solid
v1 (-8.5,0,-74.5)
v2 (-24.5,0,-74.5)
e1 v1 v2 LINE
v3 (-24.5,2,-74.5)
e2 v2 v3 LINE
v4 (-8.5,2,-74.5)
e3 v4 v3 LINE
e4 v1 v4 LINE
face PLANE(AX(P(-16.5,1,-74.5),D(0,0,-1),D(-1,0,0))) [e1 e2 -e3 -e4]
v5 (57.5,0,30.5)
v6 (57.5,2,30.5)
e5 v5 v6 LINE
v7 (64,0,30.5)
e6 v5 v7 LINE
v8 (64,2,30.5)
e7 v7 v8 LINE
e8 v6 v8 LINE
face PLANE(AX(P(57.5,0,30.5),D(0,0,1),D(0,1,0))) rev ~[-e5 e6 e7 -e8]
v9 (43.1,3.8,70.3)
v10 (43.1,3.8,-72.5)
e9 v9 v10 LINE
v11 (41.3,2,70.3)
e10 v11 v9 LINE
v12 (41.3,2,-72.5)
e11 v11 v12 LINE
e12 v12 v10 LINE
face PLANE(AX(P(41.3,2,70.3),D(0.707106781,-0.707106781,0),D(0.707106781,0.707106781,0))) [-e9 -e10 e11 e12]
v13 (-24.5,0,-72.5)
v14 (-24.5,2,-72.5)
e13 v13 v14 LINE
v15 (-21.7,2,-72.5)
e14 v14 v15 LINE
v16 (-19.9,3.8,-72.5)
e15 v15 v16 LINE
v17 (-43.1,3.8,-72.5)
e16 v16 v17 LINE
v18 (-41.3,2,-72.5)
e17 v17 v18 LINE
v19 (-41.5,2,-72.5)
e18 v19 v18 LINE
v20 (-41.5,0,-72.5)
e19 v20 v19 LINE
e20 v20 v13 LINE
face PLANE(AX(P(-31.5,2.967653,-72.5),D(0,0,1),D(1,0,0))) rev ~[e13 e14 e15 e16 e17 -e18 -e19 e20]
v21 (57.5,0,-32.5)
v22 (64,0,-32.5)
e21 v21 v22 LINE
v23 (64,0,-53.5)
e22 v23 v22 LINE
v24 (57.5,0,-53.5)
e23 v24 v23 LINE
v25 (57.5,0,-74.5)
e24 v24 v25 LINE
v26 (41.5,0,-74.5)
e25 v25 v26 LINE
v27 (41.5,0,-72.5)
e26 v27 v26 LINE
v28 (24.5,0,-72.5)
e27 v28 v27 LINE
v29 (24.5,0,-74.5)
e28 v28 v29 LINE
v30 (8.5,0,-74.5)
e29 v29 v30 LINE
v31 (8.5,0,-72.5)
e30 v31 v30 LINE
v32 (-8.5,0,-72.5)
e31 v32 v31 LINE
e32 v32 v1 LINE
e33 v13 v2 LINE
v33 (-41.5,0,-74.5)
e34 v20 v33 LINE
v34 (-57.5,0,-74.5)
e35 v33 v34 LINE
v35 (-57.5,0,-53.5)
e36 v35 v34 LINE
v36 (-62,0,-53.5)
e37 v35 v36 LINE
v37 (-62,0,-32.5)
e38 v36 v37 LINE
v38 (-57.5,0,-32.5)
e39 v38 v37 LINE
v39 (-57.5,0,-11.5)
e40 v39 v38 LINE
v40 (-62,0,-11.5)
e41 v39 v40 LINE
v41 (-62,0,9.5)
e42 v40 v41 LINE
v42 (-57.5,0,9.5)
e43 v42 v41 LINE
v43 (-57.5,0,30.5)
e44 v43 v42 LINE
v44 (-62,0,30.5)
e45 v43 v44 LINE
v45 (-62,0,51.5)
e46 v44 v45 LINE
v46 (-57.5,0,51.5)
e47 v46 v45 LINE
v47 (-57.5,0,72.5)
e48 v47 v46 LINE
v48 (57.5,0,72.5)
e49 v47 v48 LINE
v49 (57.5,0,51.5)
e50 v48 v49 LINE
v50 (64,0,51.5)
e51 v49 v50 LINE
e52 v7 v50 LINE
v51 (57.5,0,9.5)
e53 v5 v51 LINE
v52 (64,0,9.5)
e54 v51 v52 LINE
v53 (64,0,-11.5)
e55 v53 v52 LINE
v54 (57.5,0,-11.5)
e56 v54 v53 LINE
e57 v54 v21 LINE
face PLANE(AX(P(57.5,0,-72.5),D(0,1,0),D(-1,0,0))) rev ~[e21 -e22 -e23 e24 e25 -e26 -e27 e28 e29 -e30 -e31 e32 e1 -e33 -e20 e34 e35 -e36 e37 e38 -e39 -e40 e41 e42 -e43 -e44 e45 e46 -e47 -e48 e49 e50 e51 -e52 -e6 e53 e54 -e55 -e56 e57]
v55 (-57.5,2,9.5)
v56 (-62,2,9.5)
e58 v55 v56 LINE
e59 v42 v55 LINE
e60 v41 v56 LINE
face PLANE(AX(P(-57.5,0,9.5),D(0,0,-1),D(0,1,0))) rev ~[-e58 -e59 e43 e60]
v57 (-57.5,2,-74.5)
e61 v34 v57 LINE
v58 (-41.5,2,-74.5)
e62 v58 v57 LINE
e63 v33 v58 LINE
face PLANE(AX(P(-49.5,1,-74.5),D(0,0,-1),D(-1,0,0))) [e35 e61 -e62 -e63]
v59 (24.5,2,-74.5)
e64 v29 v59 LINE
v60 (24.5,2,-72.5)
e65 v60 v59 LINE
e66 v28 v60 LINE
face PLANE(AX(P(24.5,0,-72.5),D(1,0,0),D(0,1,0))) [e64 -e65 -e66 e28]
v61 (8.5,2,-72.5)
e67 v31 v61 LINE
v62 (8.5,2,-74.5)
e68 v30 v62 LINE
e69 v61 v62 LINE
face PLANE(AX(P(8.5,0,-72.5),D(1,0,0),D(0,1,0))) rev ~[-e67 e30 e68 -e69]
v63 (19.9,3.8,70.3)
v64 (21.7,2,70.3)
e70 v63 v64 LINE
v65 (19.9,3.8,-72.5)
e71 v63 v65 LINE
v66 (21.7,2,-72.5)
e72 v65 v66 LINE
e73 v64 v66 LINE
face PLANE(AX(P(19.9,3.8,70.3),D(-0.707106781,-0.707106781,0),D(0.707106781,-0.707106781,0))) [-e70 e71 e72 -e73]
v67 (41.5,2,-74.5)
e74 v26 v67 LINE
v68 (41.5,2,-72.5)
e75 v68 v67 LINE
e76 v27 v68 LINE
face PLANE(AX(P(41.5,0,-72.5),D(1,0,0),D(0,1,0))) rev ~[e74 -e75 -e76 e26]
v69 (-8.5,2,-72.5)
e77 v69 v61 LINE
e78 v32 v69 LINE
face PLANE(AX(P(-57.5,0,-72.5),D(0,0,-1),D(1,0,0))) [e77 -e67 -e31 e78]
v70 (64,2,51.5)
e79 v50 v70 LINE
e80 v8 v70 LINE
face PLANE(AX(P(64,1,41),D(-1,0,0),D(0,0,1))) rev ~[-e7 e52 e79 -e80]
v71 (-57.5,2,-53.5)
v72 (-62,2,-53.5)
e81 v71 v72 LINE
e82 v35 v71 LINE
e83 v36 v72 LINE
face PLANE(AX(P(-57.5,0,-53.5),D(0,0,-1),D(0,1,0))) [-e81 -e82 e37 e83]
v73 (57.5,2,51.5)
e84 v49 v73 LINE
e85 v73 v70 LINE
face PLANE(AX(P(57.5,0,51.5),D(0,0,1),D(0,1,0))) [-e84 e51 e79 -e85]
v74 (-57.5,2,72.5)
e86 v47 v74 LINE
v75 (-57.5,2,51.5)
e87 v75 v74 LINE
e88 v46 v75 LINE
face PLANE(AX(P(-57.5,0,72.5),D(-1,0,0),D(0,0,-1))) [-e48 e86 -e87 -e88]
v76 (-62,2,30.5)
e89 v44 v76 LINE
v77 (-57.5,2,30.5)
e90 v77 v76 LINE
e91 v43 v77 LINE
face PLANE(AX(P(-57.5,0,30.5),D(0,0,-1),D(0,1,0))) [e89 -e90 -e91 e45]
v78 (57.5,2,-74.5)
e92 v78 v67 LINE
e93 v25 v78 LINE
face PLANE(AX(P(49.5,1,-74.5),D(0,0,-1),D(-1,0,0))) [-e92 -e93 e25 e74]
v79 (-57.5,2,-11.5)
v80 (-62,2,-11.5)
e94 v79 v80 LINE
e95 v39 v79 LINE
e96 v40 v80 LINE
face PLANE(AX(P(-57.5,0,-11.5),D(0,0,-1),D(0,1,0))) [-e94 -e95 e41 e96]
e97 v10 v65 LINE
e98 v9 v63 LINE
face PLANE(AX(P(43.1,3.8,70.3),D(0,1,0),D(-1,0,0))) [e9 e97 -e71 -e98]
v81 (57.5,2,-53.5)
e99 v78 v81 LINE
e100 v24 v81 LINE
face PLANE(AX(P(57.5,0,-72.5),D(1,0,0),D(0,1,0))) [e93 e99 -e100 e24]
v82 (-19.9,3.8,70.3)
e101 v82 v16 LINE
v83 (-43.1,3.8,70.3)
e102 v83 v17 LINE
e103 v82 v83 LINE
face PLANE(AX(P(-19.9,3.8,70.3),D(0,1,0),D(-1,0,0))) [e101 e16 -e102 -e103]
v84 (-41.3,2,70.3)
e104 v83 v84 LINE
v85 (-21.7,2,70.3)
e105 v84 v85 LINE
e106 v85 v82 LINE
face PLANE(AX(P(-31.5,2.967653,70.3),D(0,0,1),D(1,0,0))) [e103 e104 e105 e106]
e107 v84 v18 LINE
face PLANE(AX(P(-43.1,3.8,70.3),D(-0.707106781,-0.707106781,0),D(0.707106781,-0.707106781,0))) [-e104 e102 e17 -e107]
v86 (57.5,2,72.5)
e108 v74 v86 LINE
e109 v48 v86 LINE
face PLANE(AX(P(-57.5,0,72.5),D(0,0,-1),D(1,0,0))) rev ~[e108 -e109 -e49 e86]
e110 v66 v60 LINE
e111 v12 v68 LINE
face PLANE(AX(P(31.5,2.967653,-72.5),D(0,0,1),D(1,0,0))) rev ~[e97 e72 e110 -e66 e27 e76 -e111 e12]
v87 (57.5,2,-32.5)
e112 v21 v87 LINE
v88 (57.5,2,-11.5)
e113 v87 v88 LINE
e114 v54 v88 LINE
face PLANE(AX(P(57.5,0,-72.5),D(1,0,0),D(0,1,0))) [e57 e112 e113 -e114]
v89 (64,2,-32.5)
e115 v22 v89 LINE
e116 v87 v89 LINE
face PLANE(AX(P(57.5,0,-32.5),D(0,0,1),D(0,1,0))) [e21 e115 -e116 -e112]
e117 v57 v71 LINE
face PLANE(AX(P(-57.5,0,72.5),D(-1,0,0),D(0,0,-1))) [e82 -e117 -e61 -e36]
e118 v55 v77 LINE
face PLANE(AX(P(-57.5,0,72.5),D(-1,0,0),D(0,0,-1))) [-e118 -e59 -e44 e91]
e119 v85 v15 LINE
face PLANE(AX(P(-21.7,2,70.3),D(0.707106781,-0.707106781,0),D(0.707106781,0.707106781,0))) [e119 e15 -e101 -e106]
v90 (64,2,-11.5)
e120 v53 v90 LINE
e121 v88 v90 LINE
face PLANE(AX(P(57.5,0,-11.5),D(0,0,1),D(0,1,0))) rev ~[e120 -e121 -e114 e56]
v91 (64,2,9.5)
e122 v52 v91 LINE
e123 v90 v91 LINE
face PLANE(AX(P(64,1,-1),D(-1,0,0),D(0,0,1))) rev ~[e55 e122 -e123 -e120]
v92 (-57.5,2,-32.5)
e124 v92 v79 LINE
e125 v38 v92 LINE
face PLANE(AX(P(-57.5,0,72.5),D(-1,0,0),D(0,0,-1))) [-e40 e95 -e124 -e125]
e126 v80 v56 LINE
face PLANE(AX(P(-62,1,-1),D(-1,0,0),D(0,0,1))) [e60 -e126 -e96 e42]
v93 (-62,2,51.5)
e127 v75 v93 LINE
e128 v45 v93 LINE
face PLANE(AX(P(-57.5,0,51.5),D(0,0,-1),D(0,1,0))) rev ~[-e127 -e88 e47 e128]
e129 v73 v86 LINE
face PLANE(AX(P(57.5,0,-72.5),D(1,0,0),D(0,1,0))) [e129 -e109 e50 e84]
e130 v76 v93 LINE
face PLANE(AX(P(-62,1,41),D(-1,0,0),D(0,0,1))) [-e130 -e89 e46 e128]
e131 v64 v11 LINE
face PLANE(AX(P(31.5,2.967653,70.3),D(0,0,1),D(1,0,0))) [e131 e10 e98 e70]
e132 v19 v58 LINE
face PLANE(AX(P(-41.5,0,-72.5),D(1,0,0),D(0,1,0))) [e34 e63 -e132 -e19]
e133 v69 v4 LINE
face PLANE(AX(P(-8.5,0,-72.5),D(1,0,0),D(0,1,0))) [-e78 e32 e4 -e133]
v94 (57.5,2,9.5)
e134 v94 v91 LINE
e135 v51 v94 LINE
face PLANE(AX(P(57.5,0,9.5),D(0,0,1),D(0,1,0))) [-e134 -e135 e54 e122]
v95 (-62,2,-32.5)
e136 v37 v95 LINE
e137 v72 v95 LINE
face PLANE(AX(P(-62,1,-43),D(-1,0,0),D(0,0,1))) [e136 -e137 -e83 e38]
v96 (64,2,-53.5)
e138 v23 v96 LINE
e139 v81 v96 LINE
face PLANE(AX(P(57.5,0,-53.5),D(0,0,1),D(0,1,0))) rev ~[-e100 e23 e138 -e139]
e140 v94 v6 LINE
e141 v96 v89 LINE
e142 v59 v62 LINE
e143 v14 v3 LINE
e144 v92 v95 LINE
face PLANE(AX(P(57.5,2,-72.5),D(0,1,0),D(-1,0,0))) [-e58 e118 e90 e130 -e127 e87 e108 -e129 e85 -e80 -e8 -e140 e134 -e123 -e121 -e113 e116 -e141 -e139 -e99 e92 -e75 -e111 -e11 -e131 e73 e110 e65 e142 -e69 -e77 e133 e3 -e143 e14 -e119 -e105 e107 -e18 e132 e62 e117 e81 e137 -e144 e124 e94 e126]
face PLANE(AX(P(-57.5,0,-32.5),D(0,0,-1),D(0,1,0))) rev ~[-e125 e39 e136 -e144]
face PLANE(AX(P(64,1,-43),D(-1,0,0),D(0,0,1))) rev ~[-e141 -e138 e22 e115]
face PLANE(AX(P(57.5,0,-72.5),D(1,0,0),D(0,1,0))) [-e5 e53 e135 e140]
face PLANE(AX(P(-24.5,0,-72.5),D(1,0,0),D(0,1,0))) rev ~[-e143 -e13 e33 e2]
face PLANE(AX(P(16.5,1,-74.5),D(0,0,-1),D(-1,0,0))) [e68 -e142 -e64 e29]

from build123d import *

# Parameters (mm, degrees)
SKETCH_4_W      = 115
SKETCH_4_H      = 145
EXTRUDE_1_DEPTH = 2
SKETCH_5_W      = 16
SKETCH_5_H      = 2
EXTRUDE_2_DEPTH = 2
SKETCH_6_W      = 21
SKETCH_6_H      = 2
EXTRUDE_3_DEPTH = 4.5
EXTRUDE_START   = -115
SKETCH_6_2_W    = 21
SKETCH_6_2_H    = 2
EXTRUDE_4_DEPTH = 6.5
EXTRUDE_START_2 = -2.2
EXTRUDE_5_DEPTH = 142.8


with BuildPart() as part:
    # 草图4 → 凸台-拉伸1 (new body)
    with BuildSketch(Plane(origin=(0, 0, 0), x_dir=(1, 0, 0), z_dir=(0, 1, 0))):
        Rectangle(SKETCH_4_W, SKETCH_4_H)
    extrude(amount=EXTRUDE_1_DEPTH)

    # 草图5 → 凸台-拉伸2 (add)
    with BuildSketch(Plane(origin=(0, 0, -72.5), x_dir=(-1, 0, 0), z_dir=(0, 0, -1))):
        with Locations((-49.5, 1)):
            Rectangle(SKETCH_5_W, SKETCH_5_H)
        with Locations((-16.5, 1)):
            Rectangle(SKETCH_5_W, SKETCH_5_H)
        with Locations((16.5, 1)):
            Rectangle(SKETCH_5_W, SKETCH_5_H)
        with Locations((49.5, 1)):
            Rectangle(SKETCH_5_W, SKETCH_5_H)
    extrude(amount=EXTRUDE_2_DEPTH)

    # 草图6 → 凸台-拉伸3 (add)
    with BuildSketch(Plane.ZY.offset(57.5)):
        with Locations((-43, 1)):
            Rectangle(SKETCH_6_W, SKETCH_6_H)
        with Locations((-1, 1)):
            Rectangle(SKETCH_6_W, SKETCH_6_H)
        with Locations((41, 1)):
            Rectangle(SKETCH_6_W, SKETCH_6_H)
    extrude(amount=EXTRUDE_3_DEPTH)

    # 草图6<2> → 凸台-拉伸4 (add)
    with BuildSketch(Plane.ZY.offset(57.5).offset(EXTRUDE_START)):
        with Locations((-43, 1)):
            Rectangle(SKETCH_6_2_W, SKETCH_6_2_H)
        with Locations((-1, 1)):
            Rectangle(SKETCH_6_2_W, SKETCH_6_2_H)
        with Locations((41, 1)):
            Rectangle(SKETCH_6_2_W, SKETCH_6_2_H)
    extrude(amount=-EXTRUDE_4_DEPTH)

    # 草图8 → 凸台-拉伸5 (add)
    with BuildSketch(Plane.XY.offset(72.5).offset(EXTRUDE_START_2)):
        Polygon((-43.1, 3.8), (-41.3, 2), (-21.7, 2), (-19.9, 3.8), (-21.7, 3.8), (-41.3, 3.8), align=None)
        Polygon((21.7, 2), (41.3, 2), (43.1, 3.8), (41.3, 3.8), (21.7, 3.8), (19.9, 3.8), align=None)
    extrude(amount=-EXTRUDE_5_DEPTH)


solid = part.part
